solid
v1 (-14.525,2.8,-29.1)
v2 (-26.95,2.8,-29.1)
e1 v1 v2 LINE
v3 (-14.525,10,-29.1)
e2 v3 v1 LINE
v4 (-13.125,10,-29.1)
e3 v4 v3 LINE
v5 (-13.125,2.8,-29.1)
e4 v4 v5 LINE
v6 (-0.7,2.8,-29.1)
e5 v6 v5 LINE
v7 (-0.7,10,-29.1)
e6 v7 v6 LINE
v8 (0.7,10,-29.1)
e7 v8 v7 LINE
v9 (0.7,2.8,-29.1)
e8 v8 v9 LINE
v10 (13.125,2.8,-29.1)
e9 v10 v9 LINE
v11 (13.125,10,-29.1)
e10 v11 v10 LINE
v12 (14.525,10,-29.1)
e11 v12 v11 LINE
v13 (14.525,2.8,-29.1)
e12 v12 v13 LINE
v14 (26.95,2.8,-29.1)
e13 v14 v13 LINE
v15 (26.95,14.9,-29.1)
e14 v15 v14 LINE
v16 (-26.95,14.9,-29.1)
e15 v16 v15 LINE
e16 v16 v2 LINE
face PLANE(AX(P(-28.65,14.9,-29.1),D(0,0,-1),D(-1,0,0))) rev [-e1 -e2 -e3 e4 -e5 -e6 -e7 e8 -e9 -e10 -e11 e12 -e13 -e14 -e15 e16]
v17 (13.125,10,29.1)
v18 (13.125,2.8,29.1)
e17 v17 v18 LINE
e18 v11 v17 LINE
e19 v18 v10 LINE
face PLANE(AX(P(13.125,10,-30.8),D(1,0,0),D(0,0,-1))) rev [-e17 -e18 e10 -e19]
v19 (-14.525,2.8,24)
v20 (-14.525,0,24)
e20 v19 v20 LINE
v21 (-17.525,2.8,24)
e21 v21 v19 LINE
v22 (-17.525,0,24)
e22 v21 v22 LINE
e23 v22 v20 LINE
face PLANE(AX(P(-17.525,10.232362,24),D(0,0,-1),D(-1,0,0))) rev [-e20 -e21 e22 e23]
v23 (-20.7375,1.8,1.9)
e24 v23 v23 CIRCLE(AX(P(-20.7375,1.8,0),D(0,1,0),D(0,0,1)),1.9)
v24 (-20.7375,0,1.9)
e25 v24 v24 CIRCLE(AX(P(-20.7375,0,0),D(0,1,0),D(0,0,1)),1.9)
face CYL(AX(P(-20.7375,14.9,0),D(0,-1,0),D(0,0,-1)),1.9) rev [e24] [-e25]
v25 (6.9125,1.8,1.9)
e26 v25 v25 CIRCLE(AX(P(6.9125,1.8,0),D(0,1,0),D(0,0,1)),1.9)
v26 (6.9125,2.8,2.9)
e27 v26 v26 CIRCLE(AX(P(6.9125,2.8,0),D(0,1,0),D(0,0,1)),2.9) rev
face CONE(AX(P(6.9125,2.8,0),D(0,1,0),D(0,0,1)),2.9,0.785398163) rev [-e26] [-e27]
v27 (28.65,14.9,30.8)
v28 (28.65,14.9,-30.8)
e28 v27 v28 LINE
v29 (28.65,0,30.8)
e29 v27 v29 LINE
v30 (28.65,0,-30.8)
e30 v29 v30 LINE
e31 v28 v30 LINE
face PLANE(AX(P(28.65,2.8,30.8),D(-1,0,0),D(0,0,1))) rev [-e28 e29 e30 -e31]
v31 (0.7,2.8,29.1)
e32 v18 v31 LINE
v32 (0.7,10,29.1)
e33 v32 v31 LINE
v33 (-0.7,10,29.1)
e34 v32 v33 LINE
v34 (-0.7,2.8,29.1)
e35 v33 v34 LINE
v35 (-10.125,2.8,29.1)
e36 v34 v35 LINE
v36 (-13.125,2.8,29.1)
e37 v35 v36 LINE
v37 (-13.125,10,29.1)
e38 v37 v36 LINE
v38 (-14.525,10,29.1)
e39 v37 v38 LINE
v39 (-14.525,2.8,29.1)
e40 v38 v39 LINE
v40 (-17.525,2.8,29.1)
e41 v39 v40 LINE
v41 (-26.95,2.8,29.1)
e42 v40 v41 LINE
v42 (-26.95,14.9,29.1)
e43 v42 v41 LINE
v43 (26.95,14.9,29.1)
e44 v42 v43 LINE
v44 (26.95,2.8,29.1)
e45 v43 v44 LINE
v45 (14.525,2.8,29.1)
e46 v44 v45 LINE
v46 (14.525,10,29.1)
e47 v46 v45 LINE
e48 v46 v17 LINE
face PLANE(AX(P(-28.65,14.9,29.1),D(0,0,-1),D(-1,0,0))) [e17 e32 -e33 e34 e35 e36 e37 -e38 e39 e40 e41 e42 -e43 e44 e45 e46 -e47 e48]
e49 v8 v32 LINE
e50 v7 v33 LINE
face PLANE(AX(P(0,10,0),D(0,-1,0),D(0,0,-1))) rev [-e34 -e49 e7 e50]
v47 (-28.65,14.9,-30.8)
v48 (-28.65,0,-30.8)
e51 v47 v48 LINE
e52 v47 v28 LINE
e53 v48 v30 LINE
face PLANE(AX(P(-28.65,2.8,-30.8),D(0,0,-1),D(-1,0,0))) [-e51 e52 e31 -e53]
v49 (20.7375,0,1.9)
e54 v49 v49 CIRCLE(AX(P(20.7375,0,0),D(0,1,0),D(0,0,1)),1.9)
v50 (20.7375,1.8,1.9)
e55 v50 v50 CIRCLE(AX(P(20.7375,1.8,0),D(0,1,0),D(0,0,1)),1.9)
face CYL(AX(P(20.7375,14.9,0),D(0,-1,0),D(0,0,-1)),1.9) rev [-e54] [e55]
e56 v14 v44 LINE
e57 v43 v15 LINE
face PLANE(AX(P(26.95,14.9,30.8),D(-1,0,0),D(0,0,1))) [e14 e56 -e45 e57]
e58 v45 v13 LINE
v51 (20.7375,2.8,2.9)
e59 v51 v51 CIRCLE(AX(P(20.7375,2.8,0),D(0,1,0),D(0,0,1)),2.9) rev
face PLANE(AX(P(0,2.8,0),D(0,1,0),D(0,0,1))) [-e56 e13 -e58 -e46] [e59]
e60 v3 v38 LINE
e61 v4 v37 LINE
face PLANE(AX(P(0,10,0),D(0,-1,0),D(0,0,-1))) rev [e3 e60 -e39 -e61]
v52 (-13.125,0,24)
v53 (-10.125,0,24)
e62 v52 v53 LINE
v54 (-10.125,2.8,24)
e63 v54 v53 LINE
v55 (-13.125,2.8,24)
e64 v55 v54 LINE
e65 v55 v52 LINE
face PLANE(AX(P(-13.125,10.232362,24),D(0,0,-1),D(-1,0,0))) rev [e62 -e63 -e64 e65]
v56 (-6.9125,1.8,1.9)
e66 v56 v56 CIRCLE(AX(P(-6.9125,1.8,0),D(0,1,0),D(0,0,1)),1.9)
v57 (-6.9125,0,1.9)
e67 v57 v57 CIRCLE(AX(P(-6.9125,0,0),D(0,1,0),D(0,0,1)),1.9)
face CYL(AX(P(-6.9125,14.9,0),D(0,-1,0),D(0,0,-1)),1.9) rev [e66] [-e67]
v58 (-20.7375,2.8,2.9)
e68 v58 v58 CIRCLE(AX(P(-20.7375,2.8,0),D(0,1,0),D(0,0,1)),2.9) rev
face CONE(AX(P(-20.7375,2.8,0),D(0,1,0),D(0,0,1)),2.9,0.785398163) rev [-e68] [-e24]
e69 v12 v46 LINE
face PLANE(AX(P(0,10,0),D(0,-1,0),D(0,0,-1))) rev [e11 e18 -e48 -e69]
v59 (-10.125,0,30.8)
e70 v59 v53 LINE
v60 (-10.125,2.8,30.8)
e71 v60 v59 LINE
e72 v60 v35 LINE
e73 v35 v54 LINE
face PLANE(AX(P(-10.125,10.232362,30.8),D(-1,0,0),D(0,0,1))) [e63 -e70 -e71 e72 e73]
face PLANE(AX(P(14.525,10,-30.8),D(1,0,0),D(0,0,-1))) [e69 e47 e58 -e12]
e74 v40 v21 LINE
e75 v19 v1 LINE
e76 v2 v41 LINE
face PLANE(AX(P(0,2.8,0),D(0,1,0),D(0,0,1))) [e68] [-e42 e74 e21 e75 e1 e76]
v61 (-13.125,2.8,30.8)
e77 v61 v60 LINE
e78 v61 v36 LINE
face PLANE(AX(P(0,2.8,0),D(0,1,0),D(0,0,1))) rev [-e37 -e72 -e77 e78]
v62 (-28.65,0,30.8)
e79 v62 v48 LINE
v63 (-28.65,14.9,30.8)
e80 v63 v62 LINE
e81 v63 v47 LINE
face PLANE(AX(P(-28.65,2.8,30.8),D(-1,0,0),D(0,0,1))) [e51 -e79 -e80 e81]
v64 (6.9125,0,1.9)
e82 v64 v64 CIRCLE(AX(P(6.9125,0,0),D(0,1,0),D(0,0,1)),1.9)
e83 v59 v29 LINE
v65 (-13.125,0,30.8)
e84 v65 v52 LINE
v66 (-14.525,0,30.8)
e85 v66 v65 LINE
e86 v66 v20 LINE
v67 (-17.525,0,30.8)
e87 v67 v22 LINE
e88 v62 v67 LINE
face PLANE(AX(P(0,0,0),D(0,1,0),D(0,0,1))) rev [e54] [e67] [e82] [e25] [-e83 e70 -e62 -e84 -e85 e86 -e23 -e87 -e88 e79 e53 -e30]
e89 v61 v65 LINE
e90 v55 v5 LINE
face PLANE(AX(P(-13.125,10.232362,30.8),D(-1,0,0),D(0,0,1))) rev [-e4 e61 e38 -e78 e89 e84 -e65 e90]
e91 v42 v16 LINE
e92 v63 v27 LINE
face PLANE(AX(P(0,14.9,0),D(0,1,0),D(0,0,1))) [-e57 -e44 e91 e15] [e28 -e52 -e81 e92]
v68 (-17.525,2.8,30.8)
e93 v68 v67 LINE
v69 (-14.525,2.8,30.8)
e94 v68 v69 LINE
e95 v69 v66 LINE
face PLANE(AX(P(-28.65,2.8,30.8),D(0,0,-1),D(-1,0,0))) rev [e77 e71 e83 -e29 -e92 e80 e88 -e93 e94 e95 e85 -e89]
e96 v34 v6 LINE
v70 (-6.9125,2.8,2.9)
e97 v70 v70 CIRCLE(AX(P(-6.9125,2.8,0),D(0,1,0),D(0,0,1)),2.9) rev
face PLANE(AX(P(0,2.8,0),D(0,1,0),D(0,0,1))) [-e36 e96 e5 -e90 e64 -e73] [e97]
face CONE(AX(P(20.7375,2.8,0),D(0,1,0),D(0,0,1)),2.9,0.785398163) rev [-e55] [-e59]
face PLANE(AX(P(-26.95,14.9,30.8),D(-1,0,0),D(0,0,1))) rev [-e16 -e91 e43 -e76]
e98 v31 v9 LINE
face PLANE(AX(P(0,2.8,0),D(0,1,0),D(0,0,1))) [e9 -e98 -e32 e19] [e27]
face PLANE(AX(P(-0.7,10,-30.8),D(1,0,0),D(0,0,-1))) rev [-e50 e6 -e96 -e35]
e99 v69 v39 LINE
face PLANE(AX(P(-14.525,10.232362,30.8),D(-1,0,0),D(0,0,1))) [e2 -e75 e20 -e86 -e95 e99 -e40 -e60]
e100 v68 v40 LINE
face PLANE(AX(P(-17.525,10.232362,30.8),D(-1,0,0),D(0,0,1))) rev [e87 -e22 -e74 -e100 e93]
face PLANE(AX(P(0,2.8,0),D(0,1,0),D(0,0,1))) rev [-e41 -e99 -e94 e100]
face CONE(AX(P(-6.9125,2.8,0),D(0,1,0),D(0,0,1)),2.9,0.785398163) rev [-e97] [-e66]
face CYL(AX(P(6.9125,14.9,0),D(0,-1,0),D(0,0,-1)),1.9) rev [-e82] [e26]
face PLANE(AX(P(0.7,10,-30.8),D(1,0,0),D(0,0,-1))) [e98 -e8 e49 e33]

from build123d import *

# Parameters (mm, degrees)
SKETCH_1_W          = 57.3
SKETCH_1_H          = 61.6
EXTRUDE_1_DEPTH     = 2.8
SKETCH_1_11_W       = 57.3
SKETCH_1_11_H       = 61.6
SKETCH_1_11_W_2     = 53.9
SKETCH_1_11_H_2     = 58.2
EXTRUDE_1_2_DEPTH   = 14.9
SKETCH_1_13_W       = 3
SKETCH_1_13_H       = 6.8
CUT_EXTRUDE_1_DEPTH = 2.8
SKETCH_1_14_W       = 1.4
SKETCH_1_14_H       = 61.6
EXTRUDE_2_DEPTH     = 10
SKETCH_1_15_R       = 1.9
CUT_EXTRUDE_2_DEPTH = 45.625917358
CHAMFER_1_SIZE      = 1


with BuildPart() as part:
    # 草图1 → Extrude 1 (new body)
    with BuildSketch(Plane(origin=(0, 0, 0), x_dir=(1, 0, 0), z_dir=(0, 1, 0))):
        Rectangle(SKETCH_1_W, SKETCH_1_H)
    extrude(amount=EXTRUDE_1_DEPTH)

    # 草图1<11> → Extrude 1 2 (add)
    with BuildSketch(Plane(origin=(0, 0, 0), x_dir=(1, 0, 0), z_dir=(0, 1, 0))):
        Rectangle(SKETCH_1_11_W, SKETCH_1_11_H)
        Rectangle(SKETCH_1_11_W_2, SKETCH_1_11_H_2, mode=Mode.SUBTRACT)
    extrude(amount=EXTRUDE_1_2_DEPTH)

    # 草图1<13> → 切除-拉伸1 (cut)
    with BuildSketch(Plane(origin=(0, 0, 0), x_dir=(1, 0, 0), z_dir=(0, 1, 0))):
        with Locations((-16.025, -27.4)):
            Rectangle(SKETCH_1_13_W, SKETCH_1_13_H)
        with Locations((-11.625, -27.4)):
            Rectangle(SKETCH_1_13_W, SKETCH_1_13_H)
    extrude(amount=CUT_EXTRUDE_1_DEPTH, mode=Mode.SUBTRACT)

    # 草图1<14> → 凸台-拉伸2 (add)
    with BuildSketch(Plane(origin=(0, 0, 0), x_dir=(1, 0, 0), z_dir=(0, 1, 0))):
        with Locations((-13.825, 0)):
            Rectangle(SKETCH_1_14_W, SKETCH_1_14_H)
        with Locations((13.825, 0)):
            Rectangle(SKETCH_1_14_W, SKETCH_1_14_H)
        Rectangle(SKETCH_1_14_W, SKETCH_1_14_H)
    extrude(amount=EXTRUDE_2_DEPTH)

    # 草图1<15> → 切除-拉伸2 (cut, through all)
    with BuildSketch(Plane(origin=(0, 0, 0), x_dir=(1, 0, 0), z_dir=(0, 1, 0))):
        with Locations(Location((-20.7375, 0, 0), (0, 0, 270))):
            Circle(SKETCH_1_15_R)
        with Locations(Location((-6.9125, 0, 0), (0, 0, 270))):
            Circle(SKETCH_1_15_R)
        with Locations(Location((6.9125, 0, 0), (0, 0, 270))):
            Circle(SKETCH_1_15_R)
        with Locations(Location((20.7375, 0, 0), (0, 0, 270))):
            Circle(SKETCH_1_15_R)
    extrude(amount=CUT_EXTRUDE_2_DEPTH, mode=Mode.SUBTRACT)

    # 倒角1
    chamfer_1_edges = [part.edges().sort_by_distance(p)[0] for p in [
        (-20.7375, 2.8, -1.9),
        (-6.9125, 2.8, -1.9),
        (6.9125, 2.8, -1.9),
        (20.7375, 2.8, -1.9),
    ]]
    chamfer(chamfer_1_edges, length=CHAMFER_1_SIZE)


solid = part.part
